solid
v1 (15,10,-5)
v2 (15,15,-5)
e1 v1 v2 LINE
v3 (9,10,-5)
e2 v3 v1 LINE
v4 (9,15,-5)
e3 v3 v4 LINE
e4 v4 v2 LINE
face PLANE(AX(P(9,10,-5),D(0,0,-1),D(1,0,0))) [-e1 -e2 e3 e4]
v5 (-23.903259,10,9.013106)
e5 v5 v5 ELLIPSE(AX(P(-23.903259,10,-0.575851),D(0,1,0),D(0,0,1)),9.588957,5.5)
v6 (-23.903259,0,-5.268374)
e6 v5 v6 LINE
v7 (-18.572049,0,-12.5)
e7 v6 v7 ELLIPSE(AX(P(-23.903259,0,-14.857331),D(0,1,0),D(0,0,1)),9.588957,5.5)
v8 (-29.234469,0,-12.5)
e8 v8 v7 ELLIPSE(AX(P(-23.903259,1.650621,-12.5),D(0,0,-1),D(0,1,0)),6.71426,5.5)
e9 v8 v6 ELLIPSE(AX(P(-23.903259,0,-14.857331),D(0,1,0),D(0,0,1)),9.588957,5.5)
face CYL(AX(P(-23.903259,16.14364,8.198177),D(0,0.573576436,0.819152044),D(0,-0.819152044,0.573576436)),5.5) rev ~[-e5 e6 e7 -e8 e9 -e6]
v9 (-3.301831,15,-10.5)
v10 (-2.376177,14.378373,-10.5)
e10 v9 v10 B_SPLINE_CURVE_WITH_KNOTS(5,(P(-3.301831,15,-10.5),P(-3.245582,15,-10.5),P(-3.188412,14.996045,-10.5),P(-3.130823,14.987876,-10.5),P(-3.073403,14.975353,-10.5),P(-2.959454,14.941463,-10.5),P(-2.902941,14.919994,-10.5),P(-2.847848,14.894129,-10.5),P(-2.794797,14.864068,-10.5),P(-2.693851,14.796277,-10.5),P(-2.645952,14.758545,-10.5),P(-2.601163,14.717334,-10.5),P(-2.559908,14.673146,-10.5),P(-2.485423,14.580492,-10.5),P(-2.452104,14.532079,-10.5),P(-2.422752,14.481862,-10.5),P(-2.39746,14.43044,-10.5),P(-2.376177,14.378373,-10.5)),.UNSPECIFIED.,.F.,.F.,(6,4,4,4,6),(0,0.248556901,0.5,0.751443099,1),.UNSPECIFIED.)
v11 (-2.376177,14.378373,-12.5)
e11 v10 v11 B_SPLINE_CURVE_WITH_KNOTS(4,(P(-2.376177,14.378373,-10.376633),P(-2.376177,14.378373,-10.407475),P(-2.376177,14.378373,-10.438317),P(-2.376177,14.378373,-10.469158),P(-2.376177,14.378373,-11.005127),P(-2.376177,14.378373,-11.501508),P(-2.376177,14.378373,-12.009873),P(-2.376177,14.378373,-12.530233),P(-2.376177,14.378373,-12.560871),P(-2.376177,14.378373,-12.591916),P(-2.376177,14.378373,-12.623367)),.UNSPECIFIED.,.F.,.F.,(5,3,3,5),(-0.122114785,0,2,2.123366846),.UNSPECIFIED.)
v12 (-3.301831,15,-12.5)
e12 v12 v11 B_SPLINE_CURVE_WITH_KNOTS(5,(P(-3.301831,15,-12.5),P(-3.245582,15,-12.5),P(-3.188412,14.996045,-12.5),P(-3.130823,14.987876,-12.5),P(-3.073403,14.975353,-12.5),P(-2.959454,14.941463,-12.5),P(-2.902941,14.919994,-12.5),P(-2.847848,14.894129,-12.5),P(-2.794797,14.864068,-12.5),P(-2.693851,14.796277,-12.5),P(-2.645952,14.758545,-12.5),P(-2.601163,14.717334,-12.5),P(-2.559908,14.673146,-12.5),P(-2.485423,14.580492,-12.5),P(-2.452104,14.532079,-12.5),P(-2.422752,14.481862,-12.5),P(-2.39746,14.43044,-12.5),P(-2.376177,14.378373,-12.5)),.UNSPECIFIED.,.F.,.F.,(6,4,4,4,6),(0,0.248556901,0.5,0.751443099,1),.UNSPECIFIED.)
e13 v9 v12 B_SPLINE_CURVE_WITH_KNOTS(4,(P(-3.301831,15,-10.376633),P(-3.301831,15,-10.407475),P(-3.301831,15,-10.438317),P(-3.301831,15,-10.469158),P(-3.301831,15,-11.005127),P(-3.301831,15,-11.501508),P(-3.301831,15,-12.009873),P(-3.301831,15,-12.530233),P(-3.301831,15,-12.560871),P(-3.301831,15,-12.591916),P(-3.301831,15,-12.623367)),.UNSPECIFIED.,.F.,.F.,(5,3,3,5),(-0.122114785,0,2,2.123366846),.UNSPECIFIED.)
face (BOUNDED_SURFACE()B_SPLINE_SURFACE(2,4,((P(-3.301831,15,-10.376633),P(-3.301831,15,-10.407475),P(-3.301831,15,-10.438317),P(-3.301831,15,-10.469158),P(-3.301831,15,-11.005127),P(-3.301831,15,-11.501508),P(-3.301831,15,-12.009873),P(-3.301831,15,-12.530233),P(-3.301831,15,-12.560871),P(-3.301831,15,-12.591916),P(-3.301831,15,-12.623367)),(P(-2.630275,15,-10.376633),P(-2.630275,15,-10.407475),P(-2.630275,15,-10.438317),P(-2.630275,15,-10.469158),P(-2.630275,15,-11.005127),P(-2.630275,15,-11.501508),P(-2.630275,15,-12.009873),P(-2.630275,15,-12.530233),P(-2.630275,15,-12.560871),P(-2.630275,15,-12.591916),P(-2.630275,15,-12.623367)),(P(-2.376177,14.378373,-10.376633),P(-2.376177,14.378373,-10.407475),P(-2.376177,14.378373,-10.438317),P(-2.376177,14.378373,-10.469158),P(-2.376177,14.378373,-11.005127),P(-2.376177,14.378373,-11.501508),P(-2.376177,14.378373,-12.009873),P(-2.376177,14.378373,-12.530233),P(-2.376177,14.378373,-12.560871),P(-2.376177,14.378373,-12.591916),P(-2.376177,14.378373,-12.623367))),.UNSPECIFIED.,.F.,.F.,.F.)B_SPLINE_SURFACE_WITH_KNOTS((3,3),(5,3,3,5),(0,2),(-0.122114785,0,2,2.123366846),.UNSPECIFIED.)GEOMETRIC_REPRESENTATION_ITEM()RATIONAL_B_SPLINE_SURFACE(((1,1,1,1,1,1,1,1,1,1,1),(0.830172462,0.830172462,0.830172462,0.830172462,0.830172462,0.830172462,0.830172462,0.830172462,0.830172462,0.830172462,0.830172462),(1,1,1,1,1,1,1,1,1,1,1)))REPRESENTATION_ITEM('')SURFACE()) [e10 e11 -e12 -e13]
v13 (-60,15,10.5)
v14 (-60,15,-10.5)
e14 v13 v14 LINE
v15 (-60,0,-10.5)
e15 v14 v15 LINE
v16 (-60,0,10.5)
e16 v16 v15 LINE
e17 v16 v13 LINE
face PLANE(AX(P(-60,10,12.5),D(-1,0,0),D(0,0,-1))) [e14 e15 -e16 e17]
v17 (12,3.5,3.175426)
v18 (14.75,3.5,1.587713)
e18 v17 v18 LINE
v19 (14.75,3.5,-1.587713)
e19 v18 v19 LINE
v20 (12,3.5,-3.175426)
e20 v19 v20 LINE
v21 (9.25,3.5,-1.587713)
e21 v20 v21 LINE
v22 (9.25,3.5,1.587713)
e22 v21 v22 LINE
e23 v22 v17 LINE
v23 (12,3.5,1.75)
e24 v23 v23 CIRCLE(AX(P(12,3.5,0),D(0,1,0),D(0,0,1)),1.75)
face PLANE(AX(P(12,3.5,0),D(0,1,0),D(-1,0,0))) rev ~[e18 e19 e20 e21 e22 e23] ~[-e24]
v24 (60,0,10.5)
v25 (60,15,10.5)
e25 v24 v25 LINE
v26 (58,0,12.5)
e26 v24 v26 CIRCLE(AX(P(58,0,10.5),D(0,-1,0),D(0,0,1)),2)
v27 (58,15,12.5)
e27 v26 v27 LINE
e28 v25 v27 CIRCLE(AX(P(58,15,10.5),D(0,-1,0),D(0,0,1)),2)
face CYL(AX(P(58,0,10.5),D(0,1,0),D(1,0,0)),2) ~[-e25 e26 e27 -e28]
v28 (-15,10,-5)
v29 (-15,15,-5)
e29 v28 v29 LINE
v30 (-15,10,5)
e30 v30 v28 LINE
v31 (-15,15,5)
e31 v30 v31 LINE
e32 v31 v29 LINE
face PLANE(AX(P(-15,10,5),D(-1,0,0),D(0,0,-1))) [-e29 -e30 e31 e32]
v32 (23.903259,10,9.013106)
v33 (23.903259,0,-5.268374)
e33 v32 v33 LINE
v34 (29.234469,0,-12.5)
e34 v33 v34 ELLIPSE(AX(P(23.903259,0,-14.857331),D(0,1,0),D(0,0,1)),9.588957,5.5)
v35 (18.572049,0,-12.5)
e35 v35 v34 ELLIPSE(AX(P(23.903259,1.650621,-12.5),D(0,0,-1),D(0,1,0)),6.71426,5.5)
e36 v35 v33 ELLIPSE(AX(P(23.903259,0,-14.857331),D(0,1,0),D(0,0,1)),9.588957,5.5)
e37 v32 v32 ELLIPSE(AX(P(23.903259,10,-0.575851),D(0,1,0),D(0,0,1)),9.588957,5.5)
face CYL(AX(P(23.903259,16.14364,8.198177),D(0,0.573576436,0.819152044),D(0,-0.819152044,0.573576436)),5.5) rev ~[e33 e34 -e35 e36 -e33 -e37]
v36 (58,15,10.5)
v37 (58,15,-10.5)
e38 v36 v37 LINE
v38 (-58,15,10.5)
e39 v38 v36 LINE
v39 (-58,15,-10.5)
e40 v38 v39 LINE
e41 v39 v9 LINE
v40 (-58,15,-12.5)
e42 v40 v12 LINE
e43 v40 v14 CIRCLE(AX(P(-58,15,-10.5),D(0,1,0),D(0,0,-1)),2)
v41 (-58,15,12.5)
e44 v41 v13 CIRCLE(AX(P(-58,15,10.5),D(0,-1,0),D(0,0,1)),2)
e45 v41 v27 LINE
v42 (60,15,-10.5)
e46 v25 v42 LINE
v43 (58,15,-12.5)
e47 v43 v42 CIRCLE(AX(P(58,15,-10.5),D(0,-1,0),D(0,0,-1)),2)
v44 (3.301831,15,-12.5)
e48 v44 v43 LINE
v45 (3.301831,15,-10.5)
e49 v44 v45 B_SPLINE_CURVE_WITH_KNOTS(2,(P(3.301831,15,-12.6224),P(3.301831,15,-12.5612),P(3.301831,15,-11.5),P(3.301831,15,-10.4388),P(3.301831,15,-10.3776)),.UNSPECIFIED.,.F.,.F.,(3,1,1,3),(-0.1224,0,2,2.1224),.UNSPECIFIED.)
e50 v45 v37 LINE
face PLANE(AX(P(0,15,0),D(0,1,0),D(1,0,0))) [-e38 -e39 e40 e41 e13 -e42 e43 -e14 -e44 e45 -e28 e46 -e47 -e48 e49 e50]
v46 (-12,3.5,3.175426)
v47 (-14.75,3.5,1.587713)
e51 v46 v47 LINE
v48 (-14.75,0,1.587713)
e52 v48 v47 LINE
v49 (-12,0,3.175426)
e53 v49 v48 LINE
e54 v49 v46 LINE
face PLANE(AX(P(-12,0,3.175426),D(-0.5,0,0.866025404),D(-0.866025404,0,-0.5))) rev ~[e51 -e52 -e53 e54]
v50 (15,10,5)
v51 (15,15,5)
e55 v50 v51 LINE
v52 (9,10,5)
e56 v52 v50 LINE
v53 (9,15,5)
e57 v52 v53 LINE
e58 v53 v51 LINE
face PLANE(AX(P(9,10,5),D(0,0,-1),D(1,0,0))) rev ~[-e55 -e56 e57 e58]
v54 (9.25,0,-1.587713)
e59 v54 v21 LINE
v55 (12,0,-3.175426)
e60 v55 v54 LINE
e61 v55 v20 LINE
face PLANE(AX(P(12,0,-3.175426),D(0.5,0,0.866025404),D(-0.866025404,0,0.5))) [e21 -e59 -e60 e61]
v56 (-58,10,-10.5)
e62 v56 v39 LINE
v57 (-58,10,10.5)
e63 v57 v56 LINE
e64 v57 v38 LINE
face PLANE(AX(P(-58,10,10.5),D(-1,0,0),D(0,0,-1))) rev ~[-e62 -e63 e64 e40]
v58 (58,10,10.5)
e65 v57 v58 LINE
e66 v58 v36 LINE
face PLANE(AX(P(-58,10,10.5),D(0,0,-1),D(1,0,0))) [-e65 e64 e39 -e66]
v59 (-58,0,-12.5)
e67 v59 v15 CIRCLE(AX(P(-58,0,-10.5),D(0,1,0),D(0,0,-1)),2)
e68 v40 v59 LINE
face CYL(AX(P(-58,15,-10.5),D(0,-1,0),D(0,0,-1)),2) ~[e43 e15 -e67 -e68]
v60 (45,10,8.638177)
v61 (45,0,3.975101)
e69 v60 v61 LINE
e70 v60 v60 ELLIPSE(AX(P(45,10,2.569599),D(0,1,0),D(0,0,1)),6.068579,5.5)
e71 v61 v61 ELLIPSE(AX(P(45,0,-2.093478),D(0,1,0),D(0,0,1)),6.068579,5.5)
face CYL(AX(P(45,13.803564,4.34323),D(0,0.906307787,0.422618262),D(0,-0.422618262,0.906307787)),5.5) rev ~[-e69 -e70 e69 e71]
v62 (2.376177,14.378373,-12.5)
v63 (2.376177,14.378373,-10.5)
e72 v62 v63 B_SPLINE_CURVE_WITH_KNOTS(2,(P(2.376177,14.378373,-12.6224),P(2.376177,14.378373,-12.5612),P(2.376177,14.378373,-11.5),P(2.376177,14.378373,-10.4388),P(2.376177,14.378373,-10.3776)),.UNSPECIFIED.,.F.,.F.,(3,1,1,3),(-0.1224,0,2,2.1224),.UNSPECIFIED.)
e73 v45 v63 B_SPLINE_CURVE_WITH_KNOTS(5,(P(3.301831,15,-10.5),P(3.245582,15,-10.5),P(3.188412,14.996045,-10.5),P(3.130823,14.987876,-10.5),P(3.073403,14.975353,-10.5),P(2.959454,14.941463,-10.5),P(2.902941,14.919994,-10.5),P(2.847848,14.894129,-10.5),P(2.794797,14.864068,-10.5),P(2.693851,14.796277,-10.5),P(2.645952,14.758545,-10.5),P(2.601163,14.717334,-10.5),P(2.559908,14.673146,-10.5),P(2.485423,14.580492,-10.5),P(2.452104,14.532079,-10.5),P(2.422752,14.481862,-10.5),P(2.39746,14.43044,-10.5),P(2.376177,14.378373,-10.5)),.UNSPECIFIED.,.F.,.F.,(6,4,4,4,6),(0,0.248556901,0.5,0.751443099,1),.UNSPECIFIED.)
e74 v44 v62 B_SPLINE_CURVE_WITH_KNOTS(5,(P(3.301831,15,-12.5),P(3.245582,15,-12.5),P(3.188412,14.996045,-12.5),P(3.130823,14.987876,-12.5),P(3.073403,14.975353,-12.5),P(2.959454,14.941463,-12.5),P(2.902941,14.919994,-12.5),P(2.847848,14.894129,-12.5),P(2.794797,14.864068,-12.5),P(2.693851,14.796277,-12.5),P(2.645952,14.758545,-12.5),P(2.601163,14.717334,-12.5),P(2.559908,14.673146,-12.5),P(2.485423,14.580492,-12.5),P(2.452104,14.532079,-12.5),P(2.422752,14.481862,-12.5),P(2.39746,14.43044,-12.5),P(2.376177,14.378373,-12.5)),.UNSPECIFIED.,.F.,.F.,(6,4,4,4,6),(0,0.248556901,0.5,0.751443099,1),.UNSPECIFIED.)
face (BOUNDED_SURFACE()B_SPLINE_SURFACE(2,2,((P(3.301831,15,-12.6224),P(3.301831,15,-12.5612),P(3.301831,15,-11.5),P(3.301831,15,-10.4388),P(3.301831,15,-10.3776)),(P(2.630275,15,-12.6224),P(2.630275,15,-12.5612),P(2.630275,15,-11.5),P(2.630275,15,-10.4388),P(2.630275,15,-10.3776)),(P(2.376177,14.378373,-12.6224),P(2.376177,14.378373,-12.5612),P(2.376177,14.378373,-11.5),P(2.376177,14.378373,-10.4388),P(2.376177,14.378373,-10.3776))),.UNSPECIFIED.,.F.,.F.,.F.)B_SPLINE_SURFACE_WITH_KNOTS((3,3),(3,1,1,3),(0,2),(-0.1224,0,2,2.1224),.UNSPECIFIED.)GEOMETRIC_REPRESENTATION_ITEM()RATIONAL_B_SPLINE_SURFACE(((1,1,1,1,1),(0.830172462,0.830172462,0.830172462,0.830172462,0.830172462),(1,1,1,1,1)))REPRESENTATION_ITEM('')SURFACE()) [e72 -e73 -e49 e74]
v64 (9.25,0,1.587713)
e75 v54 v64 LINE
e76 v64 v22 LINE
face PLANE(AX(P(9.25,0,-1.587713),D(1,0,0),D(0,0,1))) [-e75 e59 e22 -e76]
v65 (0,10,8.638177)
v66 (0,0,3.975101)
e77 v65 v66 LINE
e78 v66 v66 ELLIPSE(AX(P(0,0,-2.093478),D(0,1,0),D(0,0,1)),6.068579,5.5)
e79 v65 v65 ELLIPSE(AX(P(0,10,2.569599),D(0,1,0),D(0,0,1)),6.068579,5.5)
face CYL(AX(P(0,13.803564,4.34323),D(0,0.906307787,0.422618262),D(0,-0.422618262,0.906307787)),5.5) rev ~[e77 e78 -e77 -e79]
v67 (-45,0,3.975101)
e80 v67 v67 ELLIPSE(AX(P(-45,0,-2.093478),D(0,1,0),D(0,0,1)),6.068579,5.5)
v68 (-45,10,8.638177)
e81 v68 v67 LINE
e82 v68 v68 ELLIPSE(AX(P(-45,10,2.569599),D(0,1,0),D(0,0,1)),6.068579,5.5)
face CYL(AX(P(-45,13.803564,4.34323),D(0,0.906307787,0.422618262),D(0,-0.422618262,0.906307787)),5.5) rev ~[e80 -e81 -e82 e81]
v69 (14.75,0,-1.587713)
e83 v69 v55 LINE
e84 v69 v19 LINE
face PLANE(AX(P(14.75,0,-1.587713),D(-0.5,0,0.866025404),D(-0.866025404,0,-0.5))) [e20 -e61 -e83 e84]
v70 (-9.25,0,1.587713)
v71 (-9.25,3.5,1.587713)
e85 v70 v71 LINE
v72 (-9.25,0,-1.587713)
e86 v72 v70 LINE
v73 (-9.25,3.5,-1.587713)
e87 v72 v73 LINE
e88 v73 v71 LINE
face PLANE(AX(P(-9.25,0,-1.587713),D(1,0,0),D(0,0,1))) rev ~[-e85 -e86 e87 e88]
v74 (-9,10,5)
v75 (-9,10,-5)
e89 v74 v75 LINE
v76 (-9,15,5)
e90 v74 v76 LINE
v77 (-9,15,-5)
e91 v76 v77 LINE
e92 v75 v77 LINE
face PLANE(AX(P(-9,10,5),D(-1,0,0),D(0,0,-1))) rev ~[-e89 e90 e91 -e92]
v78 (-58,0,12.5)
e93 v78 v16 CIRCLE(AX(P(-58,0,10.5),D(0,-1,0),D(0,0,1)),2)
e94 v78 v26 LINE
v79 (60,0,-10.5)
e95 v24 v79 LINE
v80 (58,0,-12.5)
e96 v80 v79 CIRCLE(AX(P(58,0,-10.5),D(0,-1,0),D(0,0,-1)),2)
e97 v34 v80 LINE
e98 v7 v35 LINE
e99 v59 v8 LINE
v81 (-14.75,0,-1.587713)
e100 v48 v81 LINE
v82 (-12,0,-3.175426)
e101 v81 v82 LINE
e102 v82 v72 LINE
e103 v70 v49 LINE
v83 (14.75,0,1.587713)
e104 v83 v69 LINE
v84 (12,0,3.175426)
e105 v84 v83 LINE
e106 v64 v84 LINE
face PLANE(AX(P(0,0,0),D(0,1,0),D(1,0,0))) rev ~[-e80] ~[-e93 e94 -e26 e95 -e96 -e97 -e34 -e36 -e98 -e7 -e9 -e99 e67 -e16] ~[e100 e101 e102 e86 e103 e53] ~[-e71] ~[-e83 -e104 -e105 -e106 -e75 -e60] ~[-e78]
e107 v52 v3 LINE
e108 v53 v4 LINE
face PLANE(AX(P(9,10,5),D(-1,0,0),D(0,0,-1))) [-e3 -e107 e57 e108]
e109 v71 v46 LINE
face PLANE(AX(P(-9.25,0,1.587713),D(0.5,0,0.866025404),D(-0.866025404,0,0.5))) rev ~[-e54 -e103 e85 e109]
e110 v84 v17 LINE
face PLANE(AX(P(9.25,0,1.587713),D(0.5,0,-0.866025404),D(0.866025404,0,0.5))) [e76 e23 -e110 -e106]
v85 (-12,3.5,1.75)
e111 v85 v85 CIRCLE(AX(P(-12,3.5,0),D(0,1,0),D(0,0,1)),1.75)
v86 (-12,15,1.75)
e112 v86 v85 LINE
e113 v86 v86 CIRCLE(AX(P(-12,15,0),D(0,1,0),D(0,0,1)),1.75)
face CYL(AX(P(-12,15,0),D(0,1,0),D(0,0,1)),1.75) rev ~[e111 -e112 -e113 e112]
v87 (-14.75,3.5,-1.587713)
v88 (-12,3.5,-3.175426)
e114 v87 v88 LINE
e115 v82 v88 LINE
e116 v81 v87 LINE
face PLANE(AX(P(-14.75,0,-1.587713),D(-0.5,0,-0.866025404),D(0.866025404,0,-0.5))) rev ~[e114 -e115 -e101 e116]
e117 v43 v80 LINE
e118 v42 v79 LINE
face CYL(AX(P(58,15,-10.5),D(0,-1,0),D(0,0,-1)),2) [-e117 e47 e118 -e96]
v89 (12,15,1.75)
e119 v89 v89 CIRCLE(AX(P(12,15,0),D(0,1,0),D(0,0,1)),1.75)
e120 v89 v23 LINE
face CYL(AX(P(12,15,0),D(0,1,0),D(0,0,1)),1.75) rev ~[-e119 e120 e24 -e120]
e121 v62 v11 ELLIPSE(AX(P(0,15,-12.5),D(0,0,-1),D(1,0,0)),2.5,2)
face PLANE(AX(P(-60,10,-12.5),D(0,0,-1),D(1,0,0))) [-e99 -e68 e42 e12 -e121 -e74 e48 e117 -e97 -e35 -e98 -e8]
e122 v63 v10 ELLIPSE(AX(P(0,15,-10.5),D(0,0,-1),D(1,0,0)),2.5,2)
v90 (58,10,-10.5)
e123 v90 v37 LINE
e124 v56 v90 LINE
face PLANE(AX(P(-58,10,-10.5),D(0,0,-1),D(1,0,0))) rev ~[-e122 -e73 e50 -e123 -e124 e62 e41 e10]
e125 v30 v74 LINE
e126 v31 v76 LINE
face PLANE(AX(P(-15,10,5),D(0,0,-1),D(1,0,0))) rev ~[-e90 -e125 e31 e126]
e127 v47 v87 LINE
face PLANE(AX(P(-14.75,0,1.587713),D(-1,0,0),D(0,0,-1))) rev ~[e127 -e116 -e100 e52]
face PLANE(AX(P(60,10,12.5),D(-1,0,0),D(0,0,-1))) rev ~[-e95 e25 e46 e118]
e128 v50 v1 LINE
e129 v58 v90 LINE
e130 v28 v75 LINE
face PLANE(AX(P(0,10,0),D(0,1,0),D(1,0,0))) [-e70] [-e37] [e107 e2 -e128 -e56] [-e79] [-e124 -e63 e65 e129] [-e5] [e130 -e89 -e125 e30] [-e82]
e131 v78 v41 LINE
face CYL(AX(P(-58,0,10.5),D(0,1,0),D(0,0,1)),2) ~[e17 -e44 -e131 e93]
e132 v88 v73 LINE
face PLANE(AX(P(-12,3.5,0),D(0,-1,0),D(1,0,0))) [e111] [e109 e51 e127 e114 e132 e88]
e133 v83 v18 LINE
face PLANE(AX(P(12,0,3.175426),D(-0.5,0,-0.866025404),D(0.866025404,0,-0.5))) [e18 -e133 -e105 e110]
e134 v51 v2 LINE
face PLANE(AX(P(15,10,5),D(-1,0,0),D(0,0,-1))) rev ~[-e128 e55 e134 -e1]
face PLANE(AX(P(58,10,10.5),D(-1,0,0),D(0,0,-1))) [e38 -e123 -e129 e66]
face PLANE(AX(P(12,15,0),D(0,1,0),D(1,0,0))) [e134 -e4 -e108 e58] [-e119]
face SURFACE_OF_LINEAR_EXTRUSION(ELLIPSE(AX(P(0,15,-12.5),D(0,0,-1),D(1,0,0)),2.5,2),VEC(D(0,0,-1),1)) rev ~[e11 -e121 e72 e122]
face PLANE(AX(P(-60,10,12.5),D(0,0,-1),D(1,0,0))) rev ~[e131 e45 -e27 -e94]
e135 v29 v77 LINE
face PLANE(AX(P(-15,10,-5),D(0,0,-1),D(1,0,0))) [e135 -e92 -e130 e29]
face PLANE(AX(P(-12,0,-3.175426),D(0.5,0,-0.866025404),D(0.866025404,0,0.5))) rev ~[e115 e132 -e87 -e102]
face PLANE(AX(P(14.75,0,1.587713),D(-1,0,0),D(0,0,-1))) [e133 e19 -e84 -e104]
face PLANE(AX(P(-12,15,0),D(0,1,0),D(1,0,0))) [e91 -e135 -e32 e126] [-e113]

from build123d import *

# Parameters (mm, degrees)
BASE_W                 = 120
BASE_H                 = 25
BASE_EXT_DEPTH         = 10
SKETCH3_R              = 5.5
LED_BOTTOM_CUT_DEPTH   = 65.13752525
LED_FOR_TOP_ROW_R      = 5.5
LED_TOP_CUT_DEPTH      = 66.86811155
SKETCH5_W              = 120
SKETCH5_H              = 25
SKETCH5_W_2            = 116
SKETCH5_H_2            = 21
WIRE_BOX_RIM_DEPTH     = 5
SKETCH6_W              = 6
SKETCH6_H              = 10
SUPPORT_SPACERS_DEPTH  = 5
SKETCH8_R              = 1.75
M3_SCREW_CUT_DEPTH     = 64.097147321
WIRE_CUT_OUT_RX        = 2.5
WIRE_CUT_OUT_RY        = 2
WIRE_CUT_OUT_CUT_DEPTH = 2
FILLET1_R              = 1
FILLET2_R              = 1
FILLET3_R              = 2
FILLET4_R              = 2
FILLET5_R              = 2
FILLET6_R              = 2
CUT_EXTRUDE5_DEPTH     = 3.5


with BuildPart() as part:
    # Base → Base EXT (new body)
    with BuildSketch(Plane(origin=(0, 0, 0), x_dir=(1, 0, 0), z_dir=(0, 1, 0))):
        Rectangle(BASE_W, BASE_H)
    extrude(amount=BASE_EXT_DEPTH)

    # Sketch3 → LED bottom CUT (cut, through all)
    with BuildSketch(Plane(origin=(0, 13.001715818, 6.062799655), x_dir=(1, 0, 0), z_dir=(0, 0.9063077870366496, 0.4226182617407003))):
        with Locations(Location((-45, 1.897335279, 0), (0, 0, 270))):
            Circle(SKETCH3_R)
        with Locations(Location((0, 1.897335279, 0), (0, 0, 270))):
            Circle(SKETCH3_R)
        with Locations(Location((45, 1.897335279, 0), (0, 0, 270))):
            Circle(SKETCH3_R)
    extrude(amount=-LED_BOTTOM_CUT_DEPTH, mode=Mode.SUBTRACT)

    # LED for Top Row → LED top CUT (cut, through all)
    with BuildSketch(Plane(origin=(0, 9.162978163, 13.086089), x_dir=(1, 0, 0), z_dir=(0, 0.5735764363510444, 0.819152044288993))):
        with Locations(Location((-23.903258736, 8.521814989, 0), (0, 0, 270))):
            Circle(LED_FOR_TOP_ROW_R)
        with Locations(Location((23.903258736, 8.521814989, 0), (0, 0, 270))):
            Circle(LED_FOR_TOP_ROW_R)
    extrude(amount=-LED_TOP_CUT_DEPTH, mode=Mode.SUBTRACT)

    # Sketch5 → Wire Box Rim (add)
    with BuildSketch(Plane(origin=(0, 10, 0), x_dir=(1, 0, 0), z_dir=(0, 1, 0))):
        Rectangle(SKETCH5_W, SKETCH5_H)
        Rectangle(SKETCH5_W_2, SKETCH5_H_2, mode=Mode.SUBTRACT)
    extrude(amount=WIRE_BOX_RIM_DEPTH)

    # Sketch6 → Support Spacers (add)
    with BuildSketch(Plane(origin=(0, 10, 0), x_dir=(1, 0, 0), z_dir=(0, 1, 0))):
        with Locations((-12, 0)):
            Rectangle(SKETCH6_W, SKETCH6_H)
        with Locations((12, 0)):
            Rectangle(SKETCH6_W, SKETCH6_H)
    extrude(amount=SUPPORT_SPACERS_DEPTH)

    # Sketch8 → M3 Screw CUT (cut, through all)
    with BuildSketch(Plane(origin=(0, 15, 0), x_dir=(1, 0, 0), z_dir=(0, 1, 0))):
        with Locations(Location((12, 0, 0), (0, 0, 270))):
            Circle(SKETCH8_R)
        with Locations(Location((-12, 0, 0), (0, 0, 270))):
            Circle(SKETCH8_R)
    extrude(amount=-M3_SCREW_CUT_DEPTH, mode=Mode.SUBTRACT)

    # Wire cut out → Wire cut out CUT (cut)
    with BuildSketch(Plane(origin=(0, 0, -12.5), x_dir=(-1, 0, 0), z_dir=(0, 0, -1))):
        with Locations(Location((0, 15), (0, 0, 180))):
            Ellipse(WIRE_CUT_OUT_RX, WIRE_CUT_OUT_RY)
    extrude(amount=-WIRE_CUT_OUT_CUT_DEPTH, mode=Mode.SUBTRACT)

    # Fillet1
    fillet1_edges = [part.edges().sort_by_distance(p)[0] for p in [
        (2.5, 15, -11.5),
    ]]
    fillet(fillet1_edges, radius=FILLET1_R)

    # Fillet2
    fillet2_edges = [part.edges().sort_by_distance(p)[0] for p in [
        (-2.5, 15, -11.5),
    ]]
    fillet(fillet2_edges, radius=FILLET2_R)

    # Fillet3
    fillet3_edges = [part.edges().sort_by_distance(p)[0] for p in [
        (-60, 7.5, -12.5),
    ]]
    fillet(fillet3_edges, radius=FILLET3_R)

    # Fillet4
    fillet4_edges = [part.edges().sort_by_distance(p)[0] for p in [
        (60, 7.5, -12.5),
    ]]
    fillet(fillet4_edges, radius=FILLET4_R)

    # Fillet5
    fillet5_edges = [part.edges().sort_by_distance(p)[0] for p in [
        (60, 7.5, 12.5),
    ]]
    fillet(fillet5_edges, radius=FILLET5_R)

    # Fillet6
    fillet6_edges = [part.edges().sort_by_distance(p)[0] for p in [
        (-60, 7.5, 12.5),
    ]]
    fillet(fillet6_edges, radius=FILLET6_R)

    # M3 Nut → Cut-Extrude5 (cut)
    with BuildSketch(Plane.XZ):
        Polygon((-12, 3.175426481), (-14.75, 1.58771324), (-14.75, -1.58771324), (-12, -3.175426481), (-9.25, -1.58771324), (-9.25, 1.58771324), align=None)
        Polygon((9.25, 1.58771324), (12, 3.175426481), (14.75, 1.58771324), (14.75, -1.58771324), (12, -3.175426481), (9.25, -1.58771324), align=None)
    extrude(amount=-CUT_EXTRUDE5_DEPTH, mode=Mode.SUBTRACT)


solid = part.part
